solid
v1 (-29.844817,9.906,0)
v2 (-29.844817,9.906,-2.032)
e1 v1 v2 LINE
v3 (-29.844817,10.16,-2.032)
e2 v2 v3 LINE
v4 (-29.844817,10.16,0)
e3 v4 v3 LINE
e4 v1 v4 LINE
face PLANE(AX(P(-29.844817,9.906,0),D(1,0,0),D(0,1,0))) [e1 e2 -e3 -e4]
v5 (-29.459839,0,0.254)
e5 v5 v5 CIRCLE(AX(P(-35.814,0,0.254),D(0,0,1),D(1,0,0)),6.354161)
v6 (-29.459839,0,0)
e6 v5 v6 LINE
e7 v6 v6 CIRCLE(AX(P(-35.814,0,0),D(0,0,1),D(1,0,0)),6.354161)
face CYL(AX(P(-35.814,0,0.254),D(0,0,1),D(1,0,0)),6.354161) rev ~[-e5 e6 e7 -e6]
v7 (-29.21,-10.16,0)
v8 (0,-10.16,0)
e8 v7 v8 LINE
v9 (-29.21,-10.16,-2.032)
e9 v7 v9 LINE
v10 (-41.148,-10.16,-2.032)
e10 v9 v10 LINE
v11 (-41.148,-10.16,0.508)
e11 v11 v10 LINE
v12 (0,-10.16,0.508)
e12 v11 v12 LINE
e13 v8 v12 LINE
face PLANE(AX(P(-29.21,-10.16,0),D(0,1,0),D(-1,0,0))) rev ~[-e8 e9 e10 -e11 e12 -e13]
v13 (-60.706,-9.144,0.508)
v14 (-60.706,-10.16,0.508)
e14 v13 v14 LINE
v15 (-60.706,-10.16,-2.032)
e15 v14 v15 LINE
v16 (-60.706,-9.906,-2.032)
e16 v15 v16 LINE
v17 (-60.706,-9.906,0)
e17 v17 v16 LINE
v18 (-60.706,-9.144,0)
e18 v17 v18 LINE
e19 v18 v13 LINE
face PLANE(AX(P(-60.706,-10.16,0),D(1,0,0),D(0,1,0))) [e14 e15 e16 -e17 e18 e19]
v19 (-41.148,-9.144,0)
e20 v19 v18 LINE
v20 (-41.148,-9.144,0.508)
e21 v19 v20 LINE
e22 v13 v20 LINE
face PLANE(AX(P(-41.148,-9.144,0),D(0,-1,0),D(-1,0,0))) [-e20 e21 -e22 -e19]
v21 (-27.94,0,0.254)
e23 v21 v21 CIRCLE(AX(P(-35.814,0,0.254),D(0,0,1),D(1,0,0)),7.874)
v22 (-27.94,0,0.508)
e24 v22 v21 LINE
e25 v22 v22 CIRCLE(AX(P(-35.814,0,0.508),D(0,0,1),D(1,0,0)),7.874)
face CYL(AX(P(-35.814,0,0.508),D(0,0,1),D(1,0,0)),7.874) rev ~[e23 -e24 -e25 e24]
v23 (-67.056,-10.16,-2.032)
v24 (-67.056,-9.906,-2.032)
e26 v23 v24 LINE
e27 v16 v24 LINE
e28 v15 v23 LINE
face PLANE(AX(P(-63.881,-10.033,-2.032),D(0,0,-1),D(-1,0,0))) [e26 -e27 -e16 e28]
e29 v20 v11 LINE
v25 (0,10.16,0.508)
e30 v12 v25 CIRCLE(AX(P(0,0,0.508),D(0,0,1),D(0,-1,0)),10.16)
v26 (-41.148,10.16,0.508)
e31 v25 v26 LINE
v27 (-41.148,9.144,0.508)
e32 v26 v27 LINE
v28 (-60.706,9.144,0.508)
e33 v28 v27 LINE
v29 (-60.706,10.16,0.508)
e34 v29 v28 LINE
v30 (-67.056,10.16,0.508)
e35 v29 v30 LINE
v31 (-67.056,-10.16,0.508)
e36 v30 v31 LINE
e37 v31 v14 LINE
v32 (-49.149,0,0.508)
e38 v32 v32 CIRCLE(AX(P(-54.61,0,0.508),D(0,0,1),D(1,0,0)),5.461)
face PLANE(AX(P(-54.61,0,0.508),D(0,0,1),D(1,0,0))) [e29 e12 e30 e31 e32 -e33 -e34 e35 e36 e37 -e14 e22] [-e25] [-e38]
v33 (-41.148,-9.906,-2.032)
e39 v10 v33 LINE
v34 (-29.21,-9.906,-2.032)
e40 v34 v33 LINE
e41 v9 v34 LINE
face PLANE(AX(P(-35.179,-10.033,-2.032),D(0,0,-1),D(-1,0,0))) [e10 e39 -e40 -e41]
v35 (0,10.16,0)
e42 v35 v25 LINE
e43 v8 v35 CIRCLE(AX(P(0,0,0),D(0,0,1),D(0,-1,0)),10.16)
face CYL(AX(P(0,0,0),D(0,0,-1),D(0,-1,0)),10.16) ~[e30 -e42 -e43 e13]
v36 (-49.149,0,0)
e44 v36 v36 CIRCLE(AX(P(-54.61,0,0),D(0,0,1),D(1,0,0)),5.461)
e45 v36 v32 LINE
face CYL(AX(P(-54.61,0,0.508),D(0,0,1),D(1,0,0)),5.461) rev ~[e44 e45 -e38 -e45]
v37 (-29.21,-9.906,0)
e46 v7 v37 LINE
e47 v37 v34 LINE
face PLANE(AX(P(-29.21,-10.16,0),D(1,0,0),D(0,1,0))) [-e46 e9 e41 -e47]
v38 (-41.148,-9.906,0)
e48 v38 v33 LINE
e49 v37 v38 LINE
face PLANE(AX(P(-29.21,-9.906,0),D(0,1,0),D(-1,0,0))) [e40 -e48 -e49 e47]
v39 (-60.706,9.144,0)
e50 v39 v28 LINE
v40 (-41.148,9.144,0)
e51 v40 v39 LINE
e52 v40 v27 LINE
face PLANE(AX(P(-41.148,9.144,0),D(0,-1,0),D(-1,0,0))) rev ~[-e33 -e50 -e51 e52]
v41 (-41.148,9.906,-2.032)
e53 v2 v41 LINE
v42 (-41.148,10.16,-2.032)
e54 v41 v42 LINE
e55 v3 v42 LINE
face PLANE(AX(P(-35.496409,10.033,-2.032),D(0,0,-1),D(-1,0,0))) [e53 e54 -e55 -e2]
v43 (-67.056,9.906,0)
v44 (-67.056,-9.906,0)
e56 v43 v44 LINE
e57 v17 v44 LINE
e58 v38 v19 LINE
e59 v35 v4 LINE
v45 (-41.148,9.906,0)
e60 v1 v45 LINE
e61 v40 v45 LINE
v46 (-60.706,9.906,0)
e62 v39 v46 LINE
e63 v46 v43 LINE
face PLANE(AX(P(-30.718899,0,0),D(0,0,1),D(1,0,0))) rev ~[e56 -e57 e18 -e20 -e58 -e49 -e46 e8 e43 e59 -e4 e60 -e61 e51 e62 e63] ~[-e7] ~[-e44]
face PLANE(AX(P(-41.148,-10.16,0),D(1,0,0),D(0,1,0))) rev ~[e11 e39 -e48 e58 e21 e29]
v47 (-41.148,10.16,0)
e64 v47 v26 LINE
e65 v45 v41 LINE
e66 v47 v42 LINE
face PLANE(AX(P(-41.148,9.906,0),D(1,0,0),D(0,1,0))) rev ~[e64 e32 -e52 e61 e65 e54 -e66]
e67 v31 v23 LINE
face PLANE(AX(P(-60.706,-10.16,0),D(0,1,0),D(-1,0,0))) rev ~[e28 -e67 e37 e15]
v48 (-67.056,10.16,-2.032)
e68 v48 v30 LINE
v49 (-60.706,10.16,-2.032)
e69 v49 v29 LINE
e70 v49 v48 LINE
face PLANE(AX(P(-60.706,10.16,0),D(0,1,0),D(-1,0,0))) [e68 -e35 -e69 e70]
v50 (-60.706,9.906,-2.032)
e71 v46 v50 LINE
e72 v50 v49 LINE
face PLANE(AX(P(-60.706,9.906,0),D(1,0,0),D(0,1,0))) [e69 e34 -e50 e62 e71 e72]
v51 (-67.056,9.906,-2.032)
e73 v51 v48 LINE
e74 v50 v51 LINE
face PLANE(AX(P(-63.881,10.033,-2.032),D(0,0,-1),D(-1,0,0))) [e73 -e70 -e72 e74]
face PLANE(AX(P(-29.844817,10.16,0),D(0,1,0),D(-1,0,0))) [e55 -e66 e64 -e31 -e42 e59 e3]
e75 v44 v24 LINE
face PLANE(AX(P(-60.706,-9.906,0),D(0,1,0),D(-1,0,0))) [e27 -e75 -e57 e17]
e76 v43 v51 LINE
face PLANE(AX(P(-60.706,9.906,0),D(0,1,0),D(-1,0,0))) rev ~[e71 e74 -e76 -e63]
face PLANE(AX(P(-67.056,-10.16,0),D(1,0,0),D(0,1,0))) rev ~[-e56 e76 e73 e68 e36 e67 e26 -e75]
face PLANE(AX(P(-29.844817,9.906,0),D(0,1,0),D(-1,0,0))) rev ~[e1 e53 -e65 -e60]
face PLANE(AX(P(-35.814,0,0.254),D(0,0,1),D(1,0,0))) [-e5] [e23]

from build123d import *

# Parameters (mm, degrees)
BOSS_EXTRUDE1_DEPTH = 0.508
SKETCH2_R           = 7.874
SKETCH2_R_2         = 6.35
CUT_EXTRUDE2_DEPTH  = 0.254
SKETCH5_R           = 6.354160617
CUT_EXTRUDE3_DEPTH  = 68.821805137
SKETCH6_R           = 5.461
CUT_EXTRUDE4_DEPTH  = 68.821805137
SKETCH7_W           = 19.558
SKETCH7_H           = 1.016
CUT_EXTRUDE5_DEPTH  = 68.823232008
SKETCH8_W           = 6.35
SKETCH8_H           = 0.254
BOSS_EXTRUDE2_DEPTH = 2.032
SKETCH10_W          = 11.303182767
SKETCH10_H          = 0.254
BOSS_EXTRUDE3_DEPTH = 2.032
SKETCH11_W          = 6.35
SKETCH11_H          = 0.254
BOSS_EXTRUDE4_DEPTH = 2.032
SKETCH12_W          = 11.938
SKETCH12_H          = 0.254
BOSS_EXTRUDE5_DEPTH = 2.032
SKETCH13_R          = 7.874
CUT_EXTRUDE7_DEPTH  = 0.254
SKETCH14_R          = 7.874
SKETCH14_R_2        = 5.461
BOSS_EXTRUDE8_DEPTH = 0.254


with BuildPart() as part:
    # Sketch1 → Boss-Extrude1 (new body)
    with BuildSketch(Plane.XY):
        with BuildLine():
            ThreePointArc((0, -10.16), (10.16, 0), (0, 10.16))
            Line((0, 10.16), (-67.056, 10.16))
            Line((-67.056, 10.16), (-67.056, -10.16))
            Line((-67.056, -10.16), (0, -10.16))
        make_face()
    extrude(amount=BOSS_EXTRUDE1_DEPTH)

    # Sketch2 → Cut-Extrude2 (cut)
    with BuildSketch(Plane.XY.offset(0.508)):
        with Locations((-54.61, 0)):
            Circle(SKETCH2_R)
        with Locations((-35.814, 0)):
            Circle(SKETCH2_R_2)
    extrude(amount=-CUT_EXTRUDE2_DEPTH, mode=Mode.SUBTRACT)

    # Sketch5 → Cut-Extrude3 (cut, through all)
    with BuildSketch(Plane.XY.offset(0.254)):
        with Locations((-35.814, 0)):
            Circle(SKETCH5_R)
    extrude(amount=-CUT_EXTRUDE3_DEPTH, mode=Mode.SUBTRACT)

    # Sketch6 → Cut-Extrude4 (cut, through all)
    with BuildSketch(Plane.XY.offset(0.254)):
        with Locations((-54.61, 0)):
            Circle(SKETCH6_R)
    extrude(amount=-CUT_EXTRUDE4_DEPTH, mode=Mode.SUBTRACT)

    # Sketch7 → Cut-Extrude5 (cut, through all)
    with BuildSketch(Plane(origin=(0, 0, 0), x_dir=(-1, 0, 0), z_dir=(0, 0, -1))):
        with Locations((50.927, 9.652)):
            Rectangle(SKETCH7_W, SKETCH7_H)
        with Locations((50.927, -9.652)):
            Rectangle(SKETCH7_W, SKETCH7_H)
    extrude(amount=-CUT_EXTRUDE5_DEPTH, mode=Mode.SUBTRACT)

    # Sketch8 → Boss-Extrude2 (add)
    with BuildSketch(Plane(origin=(0, 0, 0), x_dir=(-1, 0, 0), z_dir=(0, 0, -1))):
        with Locations((63.881, 10.033)):
            Rectangle(SKETCH8_W, SKETCH8_H)
    extrude(amount=BOSS_EXTRUDE2_DEPTH)

    # Sketch10 → Boss-Extrude3 (add)
    with BuildSketch(Plane(origin=(0, 0, 0), x_dir=(-1, 0, 0), z_dir=(0, 0, -1))):
        with Locations((35.496408617, 10.033)):
            Rectangle(SKETCH10_W, SKETCH10_H)
    extrude(amount=BOSS_EXTRUDE3_DEPTH)

    # Sketch11 → Boss-Extrude4 (add)
    with BuildSketch(Plane(origin=(0, 0, 0), x_dir=(-1, 0, 0), z_dir=(0, 0, -1))):
        with Locations((63.881, -10.033)):
            Rectangle(SKETCH11_W, SKETCH11_H)
    extrude(amount=BOSS_EXTRUDE4_DEPTH)

    # Sketch12 → Boss-Extrude5 (add)
    with BuildSketch(Plane(origin=(0, 0, 0), x_dir=(-1, 0, 0), z_dir=(0, 0, -1))):
        with Locations((35.179, -10.033)):
            Rectangle(SKETCH12_W, SKETCH12_H)
    extrude(amount=BOSS_EXTRUDE5_DEPTH)

    # Sketch13 → Cut-Extrude7 (cut)
    with BuildSketch(Plane.XY.offset(0.508)):
        with Locations((-35.814, 0)):
            Circle(SKETCH13_R)
    extrude(amount=-CUT_EXTRUDE7_DEPTH, mode=Mode.SUBTRACT)

    # Sketch14 → Boss-Extrude8 (add)
    with BuildSketch(Plane.XY.offset(0.508)):
        with Locations((-54.61, 0)):
            Circle(SKETCH14_R)
        with Locations((-54.61, 0)):
            Circle(SKETCH14_R_2, mode=Mode.SUBTRACT)
    extrude(amount=-BOSS_EXTRUDE8_DEPTH)


solid = part.part
